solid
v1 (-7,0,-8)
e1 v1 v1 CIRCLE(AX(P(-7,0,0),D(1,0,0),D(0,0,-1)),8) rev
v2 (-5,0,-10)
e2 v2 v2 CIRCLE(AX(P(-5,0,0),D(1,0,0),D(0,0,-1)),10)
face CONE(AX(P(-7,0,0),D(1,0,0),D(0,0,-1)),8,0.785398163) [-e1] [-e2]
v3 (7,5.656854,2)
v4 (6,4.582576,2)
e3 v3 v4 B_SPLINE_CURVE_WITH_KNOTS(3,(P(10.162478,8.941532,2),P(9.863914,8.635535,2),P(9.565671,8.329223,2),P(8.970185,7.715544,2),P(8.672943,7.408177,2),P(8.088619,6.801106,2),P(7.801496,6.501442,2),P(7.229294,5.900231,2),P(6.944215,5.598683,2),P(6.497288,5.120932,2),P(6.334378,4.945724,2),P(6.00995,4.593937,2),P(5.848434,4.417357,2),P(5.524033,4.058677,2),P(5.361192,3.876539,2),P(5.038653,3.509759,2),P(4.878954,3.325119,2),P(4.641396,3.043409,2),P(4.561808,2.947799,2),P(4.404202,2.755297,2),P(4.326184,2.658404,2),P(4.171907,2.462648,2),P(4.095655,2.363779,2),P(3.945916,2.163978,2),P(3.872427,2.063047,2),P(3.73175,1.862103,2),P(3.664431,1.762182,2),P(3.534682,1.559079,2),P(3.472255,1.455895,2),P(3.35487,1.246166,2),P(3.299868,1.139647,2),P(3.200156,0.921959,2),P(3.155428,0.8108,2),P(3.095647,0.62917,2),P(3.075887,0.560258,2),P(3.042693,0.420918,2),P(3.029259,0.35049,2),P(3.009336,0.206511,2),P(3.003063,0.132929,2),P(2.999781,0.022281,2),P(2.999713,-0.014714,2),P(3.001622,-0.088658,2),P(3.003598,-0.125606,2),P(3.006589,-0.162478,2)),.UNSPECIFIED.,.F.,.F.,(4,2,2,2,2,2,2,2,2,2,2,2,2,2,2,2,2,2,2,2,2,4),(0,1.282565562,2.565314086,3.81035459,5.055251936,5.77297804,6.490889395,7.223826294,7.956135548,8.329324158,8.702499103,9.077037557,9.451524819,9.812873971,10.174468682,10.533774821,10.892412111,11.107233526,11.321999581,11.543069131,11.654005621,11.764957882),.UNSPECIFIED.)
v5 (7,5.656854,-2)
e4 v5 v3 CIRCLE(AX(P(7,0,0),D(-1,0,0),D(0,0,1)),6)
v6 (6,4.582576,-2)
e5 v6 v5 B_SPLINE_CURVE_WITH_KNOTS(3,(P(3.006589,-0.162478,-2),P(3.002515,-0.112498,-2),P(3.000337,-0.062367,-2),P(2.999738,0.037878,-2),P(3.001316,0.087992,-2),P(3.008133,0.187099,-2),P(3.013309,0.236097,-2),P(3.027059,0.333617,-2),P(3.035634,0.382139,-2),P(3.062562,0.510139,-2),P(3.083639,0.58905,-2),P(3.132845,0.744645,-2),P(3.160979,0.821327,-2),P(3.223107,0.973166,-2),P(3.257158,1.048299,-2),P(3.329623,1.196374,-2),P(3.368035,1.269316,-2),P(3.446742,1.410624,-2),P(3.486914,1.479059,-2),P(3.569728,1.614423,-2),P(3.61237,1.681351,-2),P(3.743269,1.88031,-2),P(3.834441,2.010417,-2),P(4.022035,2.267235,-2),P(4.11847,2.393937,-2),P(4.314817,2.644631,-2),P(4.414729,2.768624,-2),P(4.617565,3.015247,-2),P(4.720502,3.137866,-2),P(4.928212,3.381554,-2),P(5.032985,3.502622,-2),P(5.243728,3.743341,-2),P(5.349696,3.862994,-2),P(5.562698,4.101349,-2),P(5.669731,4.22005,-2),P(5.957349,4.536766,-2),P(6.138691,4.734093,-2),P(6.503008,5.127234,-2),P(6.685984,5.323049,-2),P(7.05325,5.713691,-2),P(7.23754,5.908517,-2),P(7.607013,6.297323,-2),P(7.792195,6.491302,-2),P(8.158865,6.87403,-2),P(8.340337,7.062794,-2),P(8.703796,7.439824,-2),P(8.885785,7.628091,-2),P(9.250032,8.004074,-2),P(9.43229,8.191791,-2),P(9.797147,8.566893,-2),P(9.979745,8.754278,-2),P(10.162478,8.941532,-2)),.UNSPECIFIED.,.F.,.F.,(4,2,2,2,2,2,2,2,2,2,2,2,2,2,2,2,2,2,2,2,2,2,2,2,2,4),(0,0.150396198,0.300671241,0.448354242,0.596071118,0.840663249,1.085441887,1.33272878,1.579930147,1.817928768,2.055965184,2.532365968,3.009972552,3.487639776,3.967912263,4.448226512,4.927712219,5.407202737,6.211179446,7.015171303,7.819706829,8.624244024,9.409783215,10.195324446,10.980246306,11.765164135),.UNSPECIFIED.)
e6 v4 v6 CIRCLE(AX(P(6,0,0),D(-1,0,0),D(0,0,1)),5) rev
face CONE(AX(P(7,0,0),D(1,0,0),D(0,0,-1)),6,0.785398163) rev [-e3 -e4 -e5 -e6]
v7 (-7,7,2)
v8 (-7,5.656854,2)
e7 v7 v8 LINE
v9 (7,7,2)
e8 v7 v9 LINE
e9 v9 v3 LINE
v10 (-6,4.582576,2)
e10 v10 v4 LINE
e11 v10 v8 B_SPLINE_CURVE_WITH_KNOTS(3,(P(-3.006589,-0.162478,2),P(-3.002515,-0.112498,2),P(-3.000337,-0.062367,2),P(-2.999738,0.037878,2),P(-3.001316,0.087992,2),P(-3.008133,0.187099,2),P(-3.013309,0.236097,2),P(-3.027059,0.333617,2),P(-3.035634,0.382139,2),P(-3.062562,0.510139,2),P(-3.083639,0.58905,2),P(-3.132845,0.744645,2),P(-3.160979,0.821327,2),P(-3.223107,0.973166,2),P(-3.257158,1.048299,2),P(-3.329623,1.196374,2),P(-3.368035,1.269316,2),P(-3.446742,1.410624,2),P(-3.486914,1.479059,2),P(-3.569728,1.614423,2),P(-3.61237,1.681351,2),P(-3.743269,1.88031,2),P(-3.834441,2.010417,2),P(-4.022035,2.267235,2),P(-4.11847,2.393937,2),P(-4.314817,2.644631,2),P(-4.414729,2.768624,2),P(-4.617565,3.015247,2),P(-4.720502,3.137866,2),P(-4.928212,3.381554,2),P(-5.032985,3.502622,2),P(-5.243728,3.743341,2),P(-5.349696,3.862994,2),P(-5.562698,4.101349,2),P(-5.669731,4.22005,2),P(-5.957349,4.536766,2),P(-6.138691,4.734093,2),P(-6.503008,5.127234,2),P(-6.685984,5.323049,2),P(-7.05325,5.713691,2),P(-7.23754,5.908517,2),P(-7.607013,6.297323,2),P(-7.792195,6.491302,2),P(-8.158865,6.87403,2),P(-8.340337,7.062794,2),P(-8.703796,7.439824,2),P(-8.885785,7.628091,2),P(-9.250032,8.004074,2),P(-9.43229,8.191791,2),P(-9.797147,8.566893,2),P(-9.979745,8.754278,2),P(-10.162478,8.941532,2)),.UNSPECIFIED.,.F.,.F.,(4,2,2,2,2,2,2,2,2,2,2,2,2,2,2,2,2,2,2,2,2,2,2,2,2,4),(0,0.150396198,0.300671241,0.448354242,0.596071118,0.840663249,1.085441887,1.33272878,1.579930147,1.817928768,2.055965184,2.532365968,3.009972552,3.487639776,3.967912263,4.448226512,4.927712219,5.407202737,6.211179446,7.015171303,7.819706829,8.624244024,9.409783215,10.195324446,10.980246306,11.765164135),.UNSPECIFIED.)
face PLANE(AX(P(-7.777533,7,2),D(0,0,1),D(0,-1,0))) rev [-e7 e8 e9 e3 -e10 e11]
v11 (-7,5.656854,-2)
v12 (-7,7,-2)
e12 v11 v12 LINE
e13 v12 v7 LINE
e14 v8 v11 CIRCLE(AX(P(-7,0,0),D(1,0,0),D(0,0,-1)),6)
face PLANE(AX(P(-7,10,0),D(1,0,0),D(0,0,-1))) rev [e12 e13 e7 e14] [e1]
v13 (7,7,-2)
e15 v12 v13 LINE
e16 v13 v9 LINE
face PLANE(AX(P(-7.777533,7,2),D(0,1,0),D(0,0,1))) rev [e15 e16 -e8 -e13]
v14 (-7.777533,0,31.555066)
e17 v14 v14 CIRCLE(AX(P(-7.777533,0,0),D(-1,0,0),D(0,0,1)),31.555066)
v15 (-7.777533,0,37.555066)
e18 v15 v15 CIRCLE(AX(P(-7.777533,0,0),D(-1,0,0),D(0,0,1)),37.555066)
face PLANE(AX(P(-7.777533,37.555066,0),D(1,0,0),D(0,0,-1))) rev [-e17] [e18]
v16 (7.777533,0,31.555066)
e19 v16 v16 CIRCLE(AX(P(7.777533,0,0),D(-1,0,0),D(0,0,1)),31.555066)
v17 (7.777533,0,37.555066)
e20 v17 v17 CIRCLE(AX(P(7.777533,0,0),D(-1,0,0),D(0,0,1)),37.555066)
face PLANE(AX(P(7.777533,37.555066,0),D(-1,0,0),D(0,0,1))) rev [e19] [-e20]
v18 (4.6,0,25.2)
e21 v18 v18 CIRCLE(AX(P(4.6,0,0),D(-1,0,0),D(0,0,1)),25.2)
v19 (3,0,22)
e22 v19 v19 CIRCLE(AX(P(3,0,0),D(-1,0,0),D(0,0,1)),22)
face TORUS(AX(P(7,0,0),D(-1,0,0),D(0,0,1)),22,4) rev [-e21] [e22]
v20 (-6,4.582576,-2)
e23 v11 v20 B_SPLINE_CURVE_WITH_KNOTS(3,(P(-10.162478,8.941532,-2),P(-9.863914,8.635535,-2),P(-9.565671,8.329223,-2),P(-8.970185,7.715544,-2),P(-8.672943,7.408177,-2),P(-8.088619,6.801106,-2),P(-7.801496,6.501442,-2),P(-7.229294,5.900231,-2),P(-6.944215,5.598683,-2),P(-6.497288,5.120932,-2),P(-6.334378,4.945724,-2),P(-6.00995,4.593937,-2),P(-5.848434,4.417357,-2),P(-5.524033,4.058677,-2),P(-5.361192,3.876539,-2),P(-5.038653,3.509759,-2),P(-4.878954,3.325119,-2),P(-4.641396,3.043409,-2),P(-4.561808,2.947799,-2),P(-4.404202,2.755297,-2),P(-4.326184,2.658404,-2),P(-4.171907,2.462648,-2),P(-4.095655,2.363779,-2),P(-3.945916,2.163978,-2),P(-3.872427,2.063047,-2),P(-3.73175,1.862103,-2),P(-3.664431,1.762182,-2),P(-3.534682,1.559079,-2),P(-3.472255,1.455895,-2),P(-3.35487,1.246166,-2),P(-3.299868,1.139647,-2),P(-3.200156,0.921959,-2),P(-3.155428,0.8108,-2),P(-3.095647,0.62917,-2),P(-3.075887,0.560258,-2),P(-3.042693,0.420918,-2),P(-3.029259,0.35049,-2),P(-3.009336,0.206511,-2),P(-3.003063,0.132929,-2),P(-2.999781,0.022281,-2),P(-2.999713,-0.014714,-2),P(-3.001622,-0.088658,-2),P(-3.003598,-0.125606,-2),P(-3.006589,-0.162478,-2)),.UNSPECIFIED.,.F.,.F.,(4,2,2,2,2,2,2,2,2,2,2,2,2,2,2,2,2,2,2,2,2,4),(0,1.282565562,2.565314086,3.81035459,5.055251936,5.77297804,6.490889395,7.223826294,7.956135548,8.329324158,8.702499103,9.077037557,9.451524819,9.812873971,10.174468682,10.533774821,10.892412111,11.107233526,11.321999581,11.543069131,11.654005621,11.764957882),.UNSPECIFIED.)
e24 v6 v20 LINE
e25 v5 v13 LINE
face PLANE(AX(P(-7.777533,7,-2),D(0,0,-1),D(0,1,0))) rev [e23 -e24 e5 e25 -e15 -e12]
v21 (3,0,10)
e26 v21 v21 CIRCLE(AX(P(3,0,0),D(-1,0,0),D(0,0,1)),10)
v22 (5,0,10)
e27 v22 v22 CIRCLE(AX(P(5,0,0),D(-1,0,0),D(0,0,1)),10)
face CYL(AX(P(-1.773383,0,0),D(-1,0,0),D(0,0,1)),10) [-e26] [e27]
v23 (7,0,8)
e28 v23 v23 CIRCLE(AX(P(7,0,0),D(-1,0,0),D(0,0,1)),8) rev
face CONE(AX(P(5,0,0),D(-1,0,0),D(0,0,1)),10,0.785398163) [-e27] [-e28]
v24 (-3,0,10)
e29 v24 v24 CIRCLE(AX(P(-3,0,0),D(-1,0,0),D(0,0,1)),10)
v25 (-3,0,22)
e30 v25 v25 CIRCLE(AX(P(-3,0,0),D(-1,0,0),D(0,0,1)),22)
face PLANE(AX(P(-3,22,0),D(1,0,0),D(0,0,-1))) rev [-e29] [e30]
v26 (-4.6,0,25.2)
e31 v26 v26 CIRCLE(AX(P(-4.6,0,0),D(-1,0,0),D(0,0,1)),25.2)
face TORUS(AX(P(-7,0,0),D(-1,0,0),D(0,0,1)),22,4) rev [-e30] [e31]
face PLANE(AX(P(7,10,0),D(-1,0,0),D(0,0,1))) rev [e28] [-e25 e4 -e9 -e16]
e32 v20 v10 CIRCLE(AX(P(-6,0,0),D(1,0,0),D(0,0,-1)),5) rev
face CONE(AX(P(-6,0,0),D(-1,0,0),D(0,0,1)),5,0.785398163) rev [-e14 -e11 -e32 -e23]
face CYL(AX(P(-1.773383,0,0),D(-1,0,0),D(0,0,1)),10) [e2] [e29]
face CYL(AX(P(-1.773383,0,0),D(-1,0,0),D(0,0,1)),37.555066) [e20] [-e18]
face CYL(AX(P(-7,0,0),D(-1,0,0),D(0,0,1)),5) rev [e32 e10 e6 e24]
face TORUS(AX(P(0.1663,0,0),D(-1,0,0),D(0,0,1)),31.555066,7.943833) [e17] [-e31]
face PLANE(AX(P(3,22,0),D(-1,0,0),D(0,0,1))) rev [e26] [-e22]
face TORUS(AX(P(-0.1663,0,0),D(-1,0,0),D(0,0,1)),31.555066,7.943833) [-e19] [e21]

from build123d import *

# Parameters (mm, degrees)
SFAZOWANIE1_SIZE           = 2
SFAZOWANIE2_SIZE           = 2
OTW_R_10_0_10_1_D          = 10
SFAZOWANIE3_SIZE           = 1
SZKIC4_W                   = 4
SZKIC4_H                   = 4
WYTNIJ_WYCI_GNI_CIE1_DEPTH = 15.777533215


with BuildPart() as part:
    # Szkic1 → Obrót1 (revolve)
    with BuildSketch(Plane.XY, mode=Mode.PRIVATE) as obr_t1_sk:
        with BuildLine():
            Line((-7.777533215, 37.555066431), (-7.777533215, 31.555066431))
            ThreePointArc((-7.777533215, 31.555066431), (-6.938880447, 28.002476296), (-4.6, 25.2))
            ThreePointArc((-4.6, 25.2), (-3.422291236, 23.788854382), (-3, 22))
            Line((-3, 22), (-3, 10))
            Line((-3, 10), (-7, 10))
            Line((-7, 10), (-7, 0))
            Line((-7, 0), (7, 0))
            Line((7, 0), (7, 10))
            Line((7, 10), (3, 10))
            Line((3, 10), (3, 22))
            ThreePointArc((3, 22), (3.422291236, 23.788854382), (4.6, 25.2))
            ThreePointArc((4.6, 25.2), (6.938880447, 28.002476296), (7.777533215, 31.555066431))
            Line((7.777533215, 31.555066431), (7.777533215, 37.555066431))
            Line((7.777533215, 37.555066431), (-7.777533215, 37.555066431))
        make_face()
    revolve(obr_t1_sk.sketch.rotate(Axis((-1.77338341, 0, 0), (1, 0, 0)), 90), axis=Axis((-1.77338341, 0, 0), (1, 0, 0)))  # turned: the seam where the file's is

    # Sfazowanie1
    sfazowanie1_edges = [part.edges().sort_by_distance(p)[0] for p in [
        (7, 0, -10),
    ]]
    chamfer(sfazowanie1_edges, length=SFAZOWANIE1_SIZE)

    # Sfazowanie2
    sfazowanie2_edges = [part.edges().sort_by_distance(p)[0] for p in [
        (-7, 0, -10),
    ]]
    chamfer(sfazowanie2_edges, length=SFAZOWANIE2_SIZE)

    # Otwór Ø10.0 (10)1 (through all)
    with Locations(Plane.ZY.offset(7)):
        with Locations((0, 0)):
            Hole(OTW_R_10_0_10_1_D / 2)

    # Sfazowanie3
    sfazowanie3_edges = [part.edges().sort_by_distance(p)[0] for p in [
        (7, 0, 5),
        (-7, 0, 5),
    ]]
    chamfer(sfazowanie3_edges, length=SFAZOWANIE3_SIZE)

    # Szkic4 → Wytnij-wyciągnięcie1 (cut, through all)
    with BuildSketch(Plane(origin=(7, 0, 0), x_dir=(0, 0, -1), z_dir=(1, 0, 0))):
        with Locations((0, 5)):
            Rectangle(SZKIC4_W, SZKIC4_H)
    extrude(amount=-WYTNIJ_WYCI_GNI_CIE1_DEPTH, mode=Mode.SUBTRACT)


solid = part.part
